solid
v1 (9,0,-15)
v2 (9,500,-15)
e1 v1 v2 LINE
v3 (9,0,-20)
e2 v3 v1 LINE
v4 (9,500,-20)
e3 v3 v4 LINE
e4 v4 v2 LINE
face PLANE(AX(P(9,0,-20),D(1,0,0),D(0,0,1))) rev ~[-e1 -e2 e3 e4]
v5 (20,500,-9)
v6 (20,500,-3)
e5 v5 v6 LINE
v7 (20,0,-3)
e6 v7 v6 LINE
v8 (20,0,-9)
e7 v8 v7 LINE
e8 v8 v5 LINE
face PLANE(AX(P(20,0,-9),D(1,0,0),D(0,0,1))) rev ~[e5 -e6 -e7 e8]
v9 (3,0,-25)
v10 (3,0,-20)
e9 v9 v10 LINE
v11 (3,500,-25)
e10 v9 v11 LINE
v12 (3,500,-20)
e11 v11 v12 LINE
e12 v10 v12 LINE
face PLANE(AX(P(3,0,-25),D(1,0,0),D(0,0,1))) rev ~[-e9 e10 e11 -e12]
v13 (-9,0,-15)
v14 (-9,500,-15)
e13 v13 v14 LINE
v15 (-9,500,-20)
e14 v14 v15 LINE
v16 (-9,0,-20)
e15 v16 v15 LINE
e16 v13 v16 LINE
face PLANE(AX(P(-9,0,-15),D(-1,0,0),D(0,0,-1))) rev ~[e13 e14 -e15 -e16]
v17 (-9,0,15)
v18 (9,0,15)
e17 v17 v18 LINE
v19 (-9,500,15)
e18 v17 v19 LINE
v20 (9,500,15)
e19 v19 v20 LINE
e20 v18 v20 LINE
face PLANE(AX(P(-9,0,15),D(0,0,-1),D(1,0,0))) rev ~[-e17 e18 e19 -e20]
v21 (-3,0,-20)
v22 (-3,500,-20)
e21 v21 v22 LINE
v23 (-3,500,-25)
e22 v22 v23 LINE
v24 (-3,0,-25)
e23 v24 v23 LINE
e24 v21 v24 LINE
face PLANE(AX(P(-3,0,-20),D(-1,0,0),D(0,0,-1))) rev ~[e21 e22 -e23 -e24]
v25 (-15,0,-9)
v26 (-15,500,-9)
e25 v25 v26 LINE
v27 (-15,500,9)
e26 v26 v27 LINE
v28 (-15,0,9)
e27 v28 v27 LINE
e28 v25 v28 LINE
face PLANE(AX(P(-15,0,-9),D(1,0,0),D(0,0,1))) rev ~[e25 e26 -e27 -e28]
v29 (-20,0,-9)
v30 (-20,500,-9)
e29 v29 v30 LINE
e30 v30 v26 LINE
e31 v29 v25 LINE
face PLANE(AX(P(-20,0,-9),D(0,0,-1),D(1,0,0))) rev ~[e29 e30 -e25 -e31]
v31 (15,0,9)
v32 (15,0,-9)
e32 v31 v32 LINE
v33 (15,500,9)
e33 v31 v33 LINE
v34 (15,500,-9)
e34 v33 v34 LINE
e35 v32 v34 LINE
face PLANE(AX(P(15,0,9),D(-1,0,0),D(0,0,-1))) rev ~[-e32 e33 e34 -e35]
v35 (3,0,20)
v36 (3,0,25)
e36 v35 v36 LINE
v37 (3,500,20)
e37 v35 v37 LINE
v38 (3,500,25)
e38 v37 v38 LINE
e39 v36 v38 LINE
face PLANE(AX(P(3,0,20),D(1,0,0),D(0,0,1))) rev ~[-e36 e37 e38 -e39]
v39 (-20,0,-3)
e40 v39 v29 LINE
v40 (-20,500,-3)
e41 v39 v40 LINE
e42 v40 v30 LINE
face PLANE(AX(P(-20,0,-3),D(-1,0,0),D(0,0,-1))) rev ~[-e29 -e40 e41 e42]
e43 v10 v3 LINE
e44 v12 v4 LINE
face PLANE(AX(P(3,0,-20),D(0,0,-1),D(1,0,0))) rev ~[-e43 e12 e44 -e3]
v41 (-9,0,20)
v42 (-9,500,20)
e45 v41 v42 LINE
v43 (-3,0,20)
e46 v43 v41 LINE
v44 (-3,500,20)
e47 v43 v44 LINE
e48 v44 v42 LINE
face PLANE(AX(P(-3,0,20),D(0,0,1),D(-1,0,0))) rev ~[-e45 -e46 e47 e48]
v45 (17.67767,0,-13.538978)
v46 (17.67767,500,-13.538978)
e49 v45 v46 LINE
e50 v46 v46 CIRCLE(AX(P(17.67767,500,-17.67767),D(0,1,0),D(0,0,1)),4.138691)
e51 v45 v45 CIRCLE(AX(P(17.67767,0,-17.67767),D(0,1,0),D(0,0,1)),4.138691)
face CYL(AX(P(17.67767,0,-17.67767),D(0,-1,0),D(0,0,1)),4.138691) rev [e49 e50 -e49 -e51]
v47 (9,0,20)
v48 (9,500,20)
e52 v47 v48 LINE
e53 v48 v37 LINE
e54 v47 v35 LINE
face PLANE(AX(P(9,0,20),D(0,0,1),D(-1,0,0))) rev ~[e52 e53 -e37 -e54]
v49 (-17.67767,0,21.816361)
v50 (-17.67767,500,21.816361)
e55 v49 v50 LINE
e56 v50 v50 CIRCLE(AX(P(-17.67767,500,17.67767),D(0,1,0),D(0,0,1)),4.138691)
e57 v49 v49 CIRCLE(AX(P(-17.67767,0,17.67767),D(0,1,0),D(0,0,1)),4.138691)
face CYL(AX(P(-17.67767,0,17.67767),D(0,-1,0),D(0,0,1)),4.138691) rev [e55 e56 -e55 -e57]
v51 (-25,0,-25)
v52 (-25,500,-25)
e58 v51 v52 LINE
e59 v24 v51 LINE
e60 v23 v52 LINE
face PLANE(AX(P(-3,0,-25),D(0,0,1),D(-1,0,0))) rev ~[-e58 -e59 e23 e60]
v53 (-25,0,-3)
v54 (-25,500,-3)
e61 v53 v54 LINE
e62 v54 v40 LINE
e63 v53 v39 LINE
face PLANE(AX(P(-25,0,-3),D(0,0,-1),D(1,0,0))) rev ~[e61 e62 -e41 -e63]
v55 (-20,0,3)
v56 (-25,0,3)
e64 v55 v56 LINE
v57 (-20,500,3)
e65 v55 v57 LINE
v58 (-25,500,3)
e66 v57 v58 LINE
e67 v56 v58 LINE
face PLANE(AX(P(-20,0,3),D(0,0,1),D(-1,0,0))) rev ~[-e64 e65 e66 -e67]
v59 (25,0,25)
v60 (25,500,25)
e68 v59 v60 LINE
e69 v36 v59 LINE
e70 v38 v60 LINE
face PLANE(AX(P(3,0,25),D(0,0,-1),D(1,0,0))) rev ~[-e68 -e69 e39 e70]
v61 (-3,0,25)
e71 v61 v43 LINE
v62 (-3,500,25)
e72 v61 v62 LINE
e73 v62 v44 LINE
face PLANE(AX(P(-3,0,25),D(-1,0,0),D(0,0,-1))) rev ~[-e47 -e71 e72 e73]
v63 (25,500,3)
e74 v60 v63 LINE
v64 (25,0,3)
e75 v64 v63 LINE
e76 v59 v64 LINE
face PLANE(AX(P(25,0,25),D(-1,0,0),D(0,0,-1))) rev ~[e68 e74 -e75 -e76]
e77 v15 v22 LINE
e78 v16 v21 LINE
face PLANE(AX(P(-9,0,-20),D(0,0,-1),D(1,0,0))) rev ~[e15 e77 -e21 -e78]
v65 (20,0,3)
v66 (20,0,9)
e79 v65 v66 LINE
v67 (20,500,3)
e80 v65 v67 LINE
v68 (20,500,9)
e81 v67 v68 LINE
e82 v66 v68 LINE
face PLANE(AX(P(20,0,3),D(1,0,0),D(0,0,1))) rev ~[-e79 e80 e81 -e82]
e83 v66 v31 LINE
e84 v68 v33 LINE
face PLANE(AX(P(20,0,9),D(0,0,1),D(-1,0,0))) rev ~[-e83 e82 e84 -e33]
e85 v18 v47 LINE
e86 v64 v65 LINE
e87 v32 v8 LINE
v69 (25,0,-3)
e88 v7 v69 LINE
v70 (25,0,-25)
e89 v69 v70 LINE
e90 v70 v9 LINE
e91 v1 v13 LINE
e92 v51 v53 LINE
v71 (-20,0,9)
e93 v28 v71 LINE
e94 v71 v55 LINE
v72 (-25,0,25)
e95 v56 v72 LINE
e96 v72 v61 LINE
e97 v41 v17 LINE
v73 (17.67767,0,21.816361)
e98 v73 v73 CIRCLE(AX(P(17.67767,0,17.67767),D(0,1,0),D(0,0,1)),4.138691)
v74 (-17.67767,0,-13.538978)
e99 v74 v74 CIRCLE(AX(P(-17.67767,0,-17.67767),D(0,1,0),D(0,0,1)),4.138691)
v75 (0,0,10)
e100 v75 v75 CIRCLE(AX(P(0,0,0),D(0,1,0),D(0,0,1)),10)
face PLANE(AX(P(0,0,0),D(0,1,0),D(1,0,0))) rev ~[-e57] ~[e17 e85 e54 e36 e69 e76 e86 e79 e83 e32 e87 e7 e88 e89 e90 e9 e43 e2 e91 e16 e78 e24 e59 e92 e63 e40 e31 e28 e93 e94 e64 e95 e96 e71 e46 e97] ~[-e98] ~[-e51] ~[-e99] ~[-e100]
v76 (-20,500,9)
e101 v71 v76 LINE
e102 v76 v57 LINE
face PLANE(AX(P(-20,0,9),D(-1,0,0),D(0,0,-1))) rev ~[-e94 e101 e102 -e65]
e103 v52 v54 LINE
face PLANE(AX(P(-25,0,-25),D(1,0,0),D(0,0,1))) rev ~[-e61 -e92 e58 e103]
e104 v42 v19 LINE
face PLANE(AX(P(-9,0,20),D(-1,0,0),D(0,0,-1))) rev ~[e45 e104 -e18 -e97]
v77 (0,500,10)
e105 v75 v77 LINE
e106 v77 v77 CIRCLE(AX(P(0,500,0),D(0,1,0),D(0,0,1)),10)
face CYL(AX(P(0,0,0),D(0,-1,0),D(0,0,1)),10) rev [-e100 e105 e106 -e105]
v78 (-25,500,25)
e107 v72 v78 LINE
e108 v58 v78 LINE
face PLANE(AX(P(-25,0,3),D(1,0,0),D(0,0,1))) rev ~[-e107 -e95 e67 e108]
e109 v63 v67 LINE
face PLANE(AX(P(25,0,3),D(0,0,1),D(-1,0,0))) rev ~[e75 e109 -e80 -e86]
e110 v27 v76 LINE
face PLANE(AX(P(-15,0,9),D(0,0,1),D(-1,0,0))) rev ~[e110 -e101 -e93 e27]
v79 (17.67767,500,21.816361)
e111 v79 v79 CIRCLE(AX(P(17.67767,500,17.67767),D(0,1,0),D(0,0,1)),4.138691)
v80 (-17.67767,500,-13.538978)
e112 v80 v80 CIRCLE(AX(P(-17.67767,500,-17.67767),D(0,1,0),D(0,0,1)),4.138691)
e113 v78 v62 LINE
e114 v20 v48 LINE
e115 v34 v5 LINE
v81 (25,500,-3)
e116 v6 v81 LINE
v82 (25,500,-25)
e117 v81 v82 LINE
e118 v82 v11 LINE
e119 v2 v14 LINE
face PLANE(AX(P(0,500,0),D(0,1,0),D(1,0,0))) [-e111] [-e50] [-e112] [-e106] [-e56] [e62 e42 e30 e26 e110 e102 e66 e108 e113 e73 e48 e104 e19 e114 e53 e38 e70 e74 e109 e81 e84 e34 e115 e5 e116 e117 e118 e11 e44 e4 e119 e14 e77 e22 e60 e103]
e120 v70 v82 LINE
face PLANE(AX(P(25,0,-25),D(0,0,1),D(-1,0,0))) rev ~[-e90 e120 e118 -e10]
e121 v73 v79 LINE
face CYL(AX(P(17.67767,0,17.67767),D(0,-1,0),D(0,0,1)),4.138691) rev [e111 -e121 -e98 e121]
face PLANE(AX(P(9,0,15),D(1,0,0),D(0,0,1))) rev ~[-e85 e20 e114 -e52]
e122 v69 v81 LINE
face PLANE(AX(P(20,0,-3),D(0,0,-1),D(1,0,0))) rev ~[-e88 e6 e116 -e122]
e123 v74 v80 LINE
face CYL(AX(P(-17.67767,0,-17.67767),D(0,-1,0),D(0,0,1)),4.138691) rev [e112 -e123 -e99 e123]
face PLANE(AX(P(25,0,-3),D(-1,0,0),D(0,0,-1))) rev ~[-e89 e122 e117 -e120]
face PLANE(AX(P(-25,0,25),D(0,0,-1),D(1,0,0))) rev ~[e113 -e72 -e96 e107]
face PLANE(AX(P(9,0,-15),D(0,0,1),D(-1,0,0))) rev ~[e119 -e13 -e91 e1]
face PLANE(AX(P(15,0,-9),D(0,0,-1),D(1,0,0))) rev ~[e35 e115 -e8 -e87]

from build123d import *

# Parameters (mm, degrees)
SKETCH1_R           = 10
SKETCH1_R_2         = 4.138691164
BOSS_EXTRUDE1_DEPTH = 500


with BuildPart() as part:
    # Sketch1 → Boss-Extrude1 (new body)
    with BuildSketch(Plane(origin=(0, 0, 0), x_dir=(1, 0, 0), z_dir=(0, 1, 0))):
        Polygon((-25, -3), (-25, -25), (-3, -25), (-3, -20), (-9, -20), (-9, -15), (9, -15), (9, -20), (3, -20), (3, -25), (25, -25), (25, -3), (20, -3), (20, -9), (15, -9), (15, 9), (20, 9), (20, 3), (25, 3), (25, 25), (3, 25), (3, 20), (9, 20), (9, 15), (-9, 15), (-9, 20), (-3, 20), (-3, 25), (-25, 25), (-25, 3), (-20, 3), (-20, 9), (-15, 9), (-15, -9), (-20, -9), (-20, -3), align=None)
        with Locations(Location((0, 0, 0), (0, 0, 270))):
            Circle(SKETCH1_R, mode=Mode.SUBTRACT)
        with Locations(Location((-17.67766953, 17.67766953, 0), (0, 0, 270))):
            Circle(SKETCH1_R_2, mode=Mode.SUBTRACT)
        with Locations(Location((17.67766953, 17.67766953, 0), (0, 0, 270))):
            Circle(SKETCH1_R_2, mode=Mode.SUBTRACT)
        with Locations(Location((17.67766953, -17.67766953, 0), (0, 0, 270))):
            Circle(SKETCH1_R_2, mode=Mode.SUBTRACT)
        with Locations(Location((-17.67766953, -17.67766953, 0), (0, 0, 270))):
            Circle(SKETCH1_R_2, mode=Mode.SUBTRACT)
    extrude(amount=BOSS_EXTRUDE1_DEPTH)


solid = part.part
